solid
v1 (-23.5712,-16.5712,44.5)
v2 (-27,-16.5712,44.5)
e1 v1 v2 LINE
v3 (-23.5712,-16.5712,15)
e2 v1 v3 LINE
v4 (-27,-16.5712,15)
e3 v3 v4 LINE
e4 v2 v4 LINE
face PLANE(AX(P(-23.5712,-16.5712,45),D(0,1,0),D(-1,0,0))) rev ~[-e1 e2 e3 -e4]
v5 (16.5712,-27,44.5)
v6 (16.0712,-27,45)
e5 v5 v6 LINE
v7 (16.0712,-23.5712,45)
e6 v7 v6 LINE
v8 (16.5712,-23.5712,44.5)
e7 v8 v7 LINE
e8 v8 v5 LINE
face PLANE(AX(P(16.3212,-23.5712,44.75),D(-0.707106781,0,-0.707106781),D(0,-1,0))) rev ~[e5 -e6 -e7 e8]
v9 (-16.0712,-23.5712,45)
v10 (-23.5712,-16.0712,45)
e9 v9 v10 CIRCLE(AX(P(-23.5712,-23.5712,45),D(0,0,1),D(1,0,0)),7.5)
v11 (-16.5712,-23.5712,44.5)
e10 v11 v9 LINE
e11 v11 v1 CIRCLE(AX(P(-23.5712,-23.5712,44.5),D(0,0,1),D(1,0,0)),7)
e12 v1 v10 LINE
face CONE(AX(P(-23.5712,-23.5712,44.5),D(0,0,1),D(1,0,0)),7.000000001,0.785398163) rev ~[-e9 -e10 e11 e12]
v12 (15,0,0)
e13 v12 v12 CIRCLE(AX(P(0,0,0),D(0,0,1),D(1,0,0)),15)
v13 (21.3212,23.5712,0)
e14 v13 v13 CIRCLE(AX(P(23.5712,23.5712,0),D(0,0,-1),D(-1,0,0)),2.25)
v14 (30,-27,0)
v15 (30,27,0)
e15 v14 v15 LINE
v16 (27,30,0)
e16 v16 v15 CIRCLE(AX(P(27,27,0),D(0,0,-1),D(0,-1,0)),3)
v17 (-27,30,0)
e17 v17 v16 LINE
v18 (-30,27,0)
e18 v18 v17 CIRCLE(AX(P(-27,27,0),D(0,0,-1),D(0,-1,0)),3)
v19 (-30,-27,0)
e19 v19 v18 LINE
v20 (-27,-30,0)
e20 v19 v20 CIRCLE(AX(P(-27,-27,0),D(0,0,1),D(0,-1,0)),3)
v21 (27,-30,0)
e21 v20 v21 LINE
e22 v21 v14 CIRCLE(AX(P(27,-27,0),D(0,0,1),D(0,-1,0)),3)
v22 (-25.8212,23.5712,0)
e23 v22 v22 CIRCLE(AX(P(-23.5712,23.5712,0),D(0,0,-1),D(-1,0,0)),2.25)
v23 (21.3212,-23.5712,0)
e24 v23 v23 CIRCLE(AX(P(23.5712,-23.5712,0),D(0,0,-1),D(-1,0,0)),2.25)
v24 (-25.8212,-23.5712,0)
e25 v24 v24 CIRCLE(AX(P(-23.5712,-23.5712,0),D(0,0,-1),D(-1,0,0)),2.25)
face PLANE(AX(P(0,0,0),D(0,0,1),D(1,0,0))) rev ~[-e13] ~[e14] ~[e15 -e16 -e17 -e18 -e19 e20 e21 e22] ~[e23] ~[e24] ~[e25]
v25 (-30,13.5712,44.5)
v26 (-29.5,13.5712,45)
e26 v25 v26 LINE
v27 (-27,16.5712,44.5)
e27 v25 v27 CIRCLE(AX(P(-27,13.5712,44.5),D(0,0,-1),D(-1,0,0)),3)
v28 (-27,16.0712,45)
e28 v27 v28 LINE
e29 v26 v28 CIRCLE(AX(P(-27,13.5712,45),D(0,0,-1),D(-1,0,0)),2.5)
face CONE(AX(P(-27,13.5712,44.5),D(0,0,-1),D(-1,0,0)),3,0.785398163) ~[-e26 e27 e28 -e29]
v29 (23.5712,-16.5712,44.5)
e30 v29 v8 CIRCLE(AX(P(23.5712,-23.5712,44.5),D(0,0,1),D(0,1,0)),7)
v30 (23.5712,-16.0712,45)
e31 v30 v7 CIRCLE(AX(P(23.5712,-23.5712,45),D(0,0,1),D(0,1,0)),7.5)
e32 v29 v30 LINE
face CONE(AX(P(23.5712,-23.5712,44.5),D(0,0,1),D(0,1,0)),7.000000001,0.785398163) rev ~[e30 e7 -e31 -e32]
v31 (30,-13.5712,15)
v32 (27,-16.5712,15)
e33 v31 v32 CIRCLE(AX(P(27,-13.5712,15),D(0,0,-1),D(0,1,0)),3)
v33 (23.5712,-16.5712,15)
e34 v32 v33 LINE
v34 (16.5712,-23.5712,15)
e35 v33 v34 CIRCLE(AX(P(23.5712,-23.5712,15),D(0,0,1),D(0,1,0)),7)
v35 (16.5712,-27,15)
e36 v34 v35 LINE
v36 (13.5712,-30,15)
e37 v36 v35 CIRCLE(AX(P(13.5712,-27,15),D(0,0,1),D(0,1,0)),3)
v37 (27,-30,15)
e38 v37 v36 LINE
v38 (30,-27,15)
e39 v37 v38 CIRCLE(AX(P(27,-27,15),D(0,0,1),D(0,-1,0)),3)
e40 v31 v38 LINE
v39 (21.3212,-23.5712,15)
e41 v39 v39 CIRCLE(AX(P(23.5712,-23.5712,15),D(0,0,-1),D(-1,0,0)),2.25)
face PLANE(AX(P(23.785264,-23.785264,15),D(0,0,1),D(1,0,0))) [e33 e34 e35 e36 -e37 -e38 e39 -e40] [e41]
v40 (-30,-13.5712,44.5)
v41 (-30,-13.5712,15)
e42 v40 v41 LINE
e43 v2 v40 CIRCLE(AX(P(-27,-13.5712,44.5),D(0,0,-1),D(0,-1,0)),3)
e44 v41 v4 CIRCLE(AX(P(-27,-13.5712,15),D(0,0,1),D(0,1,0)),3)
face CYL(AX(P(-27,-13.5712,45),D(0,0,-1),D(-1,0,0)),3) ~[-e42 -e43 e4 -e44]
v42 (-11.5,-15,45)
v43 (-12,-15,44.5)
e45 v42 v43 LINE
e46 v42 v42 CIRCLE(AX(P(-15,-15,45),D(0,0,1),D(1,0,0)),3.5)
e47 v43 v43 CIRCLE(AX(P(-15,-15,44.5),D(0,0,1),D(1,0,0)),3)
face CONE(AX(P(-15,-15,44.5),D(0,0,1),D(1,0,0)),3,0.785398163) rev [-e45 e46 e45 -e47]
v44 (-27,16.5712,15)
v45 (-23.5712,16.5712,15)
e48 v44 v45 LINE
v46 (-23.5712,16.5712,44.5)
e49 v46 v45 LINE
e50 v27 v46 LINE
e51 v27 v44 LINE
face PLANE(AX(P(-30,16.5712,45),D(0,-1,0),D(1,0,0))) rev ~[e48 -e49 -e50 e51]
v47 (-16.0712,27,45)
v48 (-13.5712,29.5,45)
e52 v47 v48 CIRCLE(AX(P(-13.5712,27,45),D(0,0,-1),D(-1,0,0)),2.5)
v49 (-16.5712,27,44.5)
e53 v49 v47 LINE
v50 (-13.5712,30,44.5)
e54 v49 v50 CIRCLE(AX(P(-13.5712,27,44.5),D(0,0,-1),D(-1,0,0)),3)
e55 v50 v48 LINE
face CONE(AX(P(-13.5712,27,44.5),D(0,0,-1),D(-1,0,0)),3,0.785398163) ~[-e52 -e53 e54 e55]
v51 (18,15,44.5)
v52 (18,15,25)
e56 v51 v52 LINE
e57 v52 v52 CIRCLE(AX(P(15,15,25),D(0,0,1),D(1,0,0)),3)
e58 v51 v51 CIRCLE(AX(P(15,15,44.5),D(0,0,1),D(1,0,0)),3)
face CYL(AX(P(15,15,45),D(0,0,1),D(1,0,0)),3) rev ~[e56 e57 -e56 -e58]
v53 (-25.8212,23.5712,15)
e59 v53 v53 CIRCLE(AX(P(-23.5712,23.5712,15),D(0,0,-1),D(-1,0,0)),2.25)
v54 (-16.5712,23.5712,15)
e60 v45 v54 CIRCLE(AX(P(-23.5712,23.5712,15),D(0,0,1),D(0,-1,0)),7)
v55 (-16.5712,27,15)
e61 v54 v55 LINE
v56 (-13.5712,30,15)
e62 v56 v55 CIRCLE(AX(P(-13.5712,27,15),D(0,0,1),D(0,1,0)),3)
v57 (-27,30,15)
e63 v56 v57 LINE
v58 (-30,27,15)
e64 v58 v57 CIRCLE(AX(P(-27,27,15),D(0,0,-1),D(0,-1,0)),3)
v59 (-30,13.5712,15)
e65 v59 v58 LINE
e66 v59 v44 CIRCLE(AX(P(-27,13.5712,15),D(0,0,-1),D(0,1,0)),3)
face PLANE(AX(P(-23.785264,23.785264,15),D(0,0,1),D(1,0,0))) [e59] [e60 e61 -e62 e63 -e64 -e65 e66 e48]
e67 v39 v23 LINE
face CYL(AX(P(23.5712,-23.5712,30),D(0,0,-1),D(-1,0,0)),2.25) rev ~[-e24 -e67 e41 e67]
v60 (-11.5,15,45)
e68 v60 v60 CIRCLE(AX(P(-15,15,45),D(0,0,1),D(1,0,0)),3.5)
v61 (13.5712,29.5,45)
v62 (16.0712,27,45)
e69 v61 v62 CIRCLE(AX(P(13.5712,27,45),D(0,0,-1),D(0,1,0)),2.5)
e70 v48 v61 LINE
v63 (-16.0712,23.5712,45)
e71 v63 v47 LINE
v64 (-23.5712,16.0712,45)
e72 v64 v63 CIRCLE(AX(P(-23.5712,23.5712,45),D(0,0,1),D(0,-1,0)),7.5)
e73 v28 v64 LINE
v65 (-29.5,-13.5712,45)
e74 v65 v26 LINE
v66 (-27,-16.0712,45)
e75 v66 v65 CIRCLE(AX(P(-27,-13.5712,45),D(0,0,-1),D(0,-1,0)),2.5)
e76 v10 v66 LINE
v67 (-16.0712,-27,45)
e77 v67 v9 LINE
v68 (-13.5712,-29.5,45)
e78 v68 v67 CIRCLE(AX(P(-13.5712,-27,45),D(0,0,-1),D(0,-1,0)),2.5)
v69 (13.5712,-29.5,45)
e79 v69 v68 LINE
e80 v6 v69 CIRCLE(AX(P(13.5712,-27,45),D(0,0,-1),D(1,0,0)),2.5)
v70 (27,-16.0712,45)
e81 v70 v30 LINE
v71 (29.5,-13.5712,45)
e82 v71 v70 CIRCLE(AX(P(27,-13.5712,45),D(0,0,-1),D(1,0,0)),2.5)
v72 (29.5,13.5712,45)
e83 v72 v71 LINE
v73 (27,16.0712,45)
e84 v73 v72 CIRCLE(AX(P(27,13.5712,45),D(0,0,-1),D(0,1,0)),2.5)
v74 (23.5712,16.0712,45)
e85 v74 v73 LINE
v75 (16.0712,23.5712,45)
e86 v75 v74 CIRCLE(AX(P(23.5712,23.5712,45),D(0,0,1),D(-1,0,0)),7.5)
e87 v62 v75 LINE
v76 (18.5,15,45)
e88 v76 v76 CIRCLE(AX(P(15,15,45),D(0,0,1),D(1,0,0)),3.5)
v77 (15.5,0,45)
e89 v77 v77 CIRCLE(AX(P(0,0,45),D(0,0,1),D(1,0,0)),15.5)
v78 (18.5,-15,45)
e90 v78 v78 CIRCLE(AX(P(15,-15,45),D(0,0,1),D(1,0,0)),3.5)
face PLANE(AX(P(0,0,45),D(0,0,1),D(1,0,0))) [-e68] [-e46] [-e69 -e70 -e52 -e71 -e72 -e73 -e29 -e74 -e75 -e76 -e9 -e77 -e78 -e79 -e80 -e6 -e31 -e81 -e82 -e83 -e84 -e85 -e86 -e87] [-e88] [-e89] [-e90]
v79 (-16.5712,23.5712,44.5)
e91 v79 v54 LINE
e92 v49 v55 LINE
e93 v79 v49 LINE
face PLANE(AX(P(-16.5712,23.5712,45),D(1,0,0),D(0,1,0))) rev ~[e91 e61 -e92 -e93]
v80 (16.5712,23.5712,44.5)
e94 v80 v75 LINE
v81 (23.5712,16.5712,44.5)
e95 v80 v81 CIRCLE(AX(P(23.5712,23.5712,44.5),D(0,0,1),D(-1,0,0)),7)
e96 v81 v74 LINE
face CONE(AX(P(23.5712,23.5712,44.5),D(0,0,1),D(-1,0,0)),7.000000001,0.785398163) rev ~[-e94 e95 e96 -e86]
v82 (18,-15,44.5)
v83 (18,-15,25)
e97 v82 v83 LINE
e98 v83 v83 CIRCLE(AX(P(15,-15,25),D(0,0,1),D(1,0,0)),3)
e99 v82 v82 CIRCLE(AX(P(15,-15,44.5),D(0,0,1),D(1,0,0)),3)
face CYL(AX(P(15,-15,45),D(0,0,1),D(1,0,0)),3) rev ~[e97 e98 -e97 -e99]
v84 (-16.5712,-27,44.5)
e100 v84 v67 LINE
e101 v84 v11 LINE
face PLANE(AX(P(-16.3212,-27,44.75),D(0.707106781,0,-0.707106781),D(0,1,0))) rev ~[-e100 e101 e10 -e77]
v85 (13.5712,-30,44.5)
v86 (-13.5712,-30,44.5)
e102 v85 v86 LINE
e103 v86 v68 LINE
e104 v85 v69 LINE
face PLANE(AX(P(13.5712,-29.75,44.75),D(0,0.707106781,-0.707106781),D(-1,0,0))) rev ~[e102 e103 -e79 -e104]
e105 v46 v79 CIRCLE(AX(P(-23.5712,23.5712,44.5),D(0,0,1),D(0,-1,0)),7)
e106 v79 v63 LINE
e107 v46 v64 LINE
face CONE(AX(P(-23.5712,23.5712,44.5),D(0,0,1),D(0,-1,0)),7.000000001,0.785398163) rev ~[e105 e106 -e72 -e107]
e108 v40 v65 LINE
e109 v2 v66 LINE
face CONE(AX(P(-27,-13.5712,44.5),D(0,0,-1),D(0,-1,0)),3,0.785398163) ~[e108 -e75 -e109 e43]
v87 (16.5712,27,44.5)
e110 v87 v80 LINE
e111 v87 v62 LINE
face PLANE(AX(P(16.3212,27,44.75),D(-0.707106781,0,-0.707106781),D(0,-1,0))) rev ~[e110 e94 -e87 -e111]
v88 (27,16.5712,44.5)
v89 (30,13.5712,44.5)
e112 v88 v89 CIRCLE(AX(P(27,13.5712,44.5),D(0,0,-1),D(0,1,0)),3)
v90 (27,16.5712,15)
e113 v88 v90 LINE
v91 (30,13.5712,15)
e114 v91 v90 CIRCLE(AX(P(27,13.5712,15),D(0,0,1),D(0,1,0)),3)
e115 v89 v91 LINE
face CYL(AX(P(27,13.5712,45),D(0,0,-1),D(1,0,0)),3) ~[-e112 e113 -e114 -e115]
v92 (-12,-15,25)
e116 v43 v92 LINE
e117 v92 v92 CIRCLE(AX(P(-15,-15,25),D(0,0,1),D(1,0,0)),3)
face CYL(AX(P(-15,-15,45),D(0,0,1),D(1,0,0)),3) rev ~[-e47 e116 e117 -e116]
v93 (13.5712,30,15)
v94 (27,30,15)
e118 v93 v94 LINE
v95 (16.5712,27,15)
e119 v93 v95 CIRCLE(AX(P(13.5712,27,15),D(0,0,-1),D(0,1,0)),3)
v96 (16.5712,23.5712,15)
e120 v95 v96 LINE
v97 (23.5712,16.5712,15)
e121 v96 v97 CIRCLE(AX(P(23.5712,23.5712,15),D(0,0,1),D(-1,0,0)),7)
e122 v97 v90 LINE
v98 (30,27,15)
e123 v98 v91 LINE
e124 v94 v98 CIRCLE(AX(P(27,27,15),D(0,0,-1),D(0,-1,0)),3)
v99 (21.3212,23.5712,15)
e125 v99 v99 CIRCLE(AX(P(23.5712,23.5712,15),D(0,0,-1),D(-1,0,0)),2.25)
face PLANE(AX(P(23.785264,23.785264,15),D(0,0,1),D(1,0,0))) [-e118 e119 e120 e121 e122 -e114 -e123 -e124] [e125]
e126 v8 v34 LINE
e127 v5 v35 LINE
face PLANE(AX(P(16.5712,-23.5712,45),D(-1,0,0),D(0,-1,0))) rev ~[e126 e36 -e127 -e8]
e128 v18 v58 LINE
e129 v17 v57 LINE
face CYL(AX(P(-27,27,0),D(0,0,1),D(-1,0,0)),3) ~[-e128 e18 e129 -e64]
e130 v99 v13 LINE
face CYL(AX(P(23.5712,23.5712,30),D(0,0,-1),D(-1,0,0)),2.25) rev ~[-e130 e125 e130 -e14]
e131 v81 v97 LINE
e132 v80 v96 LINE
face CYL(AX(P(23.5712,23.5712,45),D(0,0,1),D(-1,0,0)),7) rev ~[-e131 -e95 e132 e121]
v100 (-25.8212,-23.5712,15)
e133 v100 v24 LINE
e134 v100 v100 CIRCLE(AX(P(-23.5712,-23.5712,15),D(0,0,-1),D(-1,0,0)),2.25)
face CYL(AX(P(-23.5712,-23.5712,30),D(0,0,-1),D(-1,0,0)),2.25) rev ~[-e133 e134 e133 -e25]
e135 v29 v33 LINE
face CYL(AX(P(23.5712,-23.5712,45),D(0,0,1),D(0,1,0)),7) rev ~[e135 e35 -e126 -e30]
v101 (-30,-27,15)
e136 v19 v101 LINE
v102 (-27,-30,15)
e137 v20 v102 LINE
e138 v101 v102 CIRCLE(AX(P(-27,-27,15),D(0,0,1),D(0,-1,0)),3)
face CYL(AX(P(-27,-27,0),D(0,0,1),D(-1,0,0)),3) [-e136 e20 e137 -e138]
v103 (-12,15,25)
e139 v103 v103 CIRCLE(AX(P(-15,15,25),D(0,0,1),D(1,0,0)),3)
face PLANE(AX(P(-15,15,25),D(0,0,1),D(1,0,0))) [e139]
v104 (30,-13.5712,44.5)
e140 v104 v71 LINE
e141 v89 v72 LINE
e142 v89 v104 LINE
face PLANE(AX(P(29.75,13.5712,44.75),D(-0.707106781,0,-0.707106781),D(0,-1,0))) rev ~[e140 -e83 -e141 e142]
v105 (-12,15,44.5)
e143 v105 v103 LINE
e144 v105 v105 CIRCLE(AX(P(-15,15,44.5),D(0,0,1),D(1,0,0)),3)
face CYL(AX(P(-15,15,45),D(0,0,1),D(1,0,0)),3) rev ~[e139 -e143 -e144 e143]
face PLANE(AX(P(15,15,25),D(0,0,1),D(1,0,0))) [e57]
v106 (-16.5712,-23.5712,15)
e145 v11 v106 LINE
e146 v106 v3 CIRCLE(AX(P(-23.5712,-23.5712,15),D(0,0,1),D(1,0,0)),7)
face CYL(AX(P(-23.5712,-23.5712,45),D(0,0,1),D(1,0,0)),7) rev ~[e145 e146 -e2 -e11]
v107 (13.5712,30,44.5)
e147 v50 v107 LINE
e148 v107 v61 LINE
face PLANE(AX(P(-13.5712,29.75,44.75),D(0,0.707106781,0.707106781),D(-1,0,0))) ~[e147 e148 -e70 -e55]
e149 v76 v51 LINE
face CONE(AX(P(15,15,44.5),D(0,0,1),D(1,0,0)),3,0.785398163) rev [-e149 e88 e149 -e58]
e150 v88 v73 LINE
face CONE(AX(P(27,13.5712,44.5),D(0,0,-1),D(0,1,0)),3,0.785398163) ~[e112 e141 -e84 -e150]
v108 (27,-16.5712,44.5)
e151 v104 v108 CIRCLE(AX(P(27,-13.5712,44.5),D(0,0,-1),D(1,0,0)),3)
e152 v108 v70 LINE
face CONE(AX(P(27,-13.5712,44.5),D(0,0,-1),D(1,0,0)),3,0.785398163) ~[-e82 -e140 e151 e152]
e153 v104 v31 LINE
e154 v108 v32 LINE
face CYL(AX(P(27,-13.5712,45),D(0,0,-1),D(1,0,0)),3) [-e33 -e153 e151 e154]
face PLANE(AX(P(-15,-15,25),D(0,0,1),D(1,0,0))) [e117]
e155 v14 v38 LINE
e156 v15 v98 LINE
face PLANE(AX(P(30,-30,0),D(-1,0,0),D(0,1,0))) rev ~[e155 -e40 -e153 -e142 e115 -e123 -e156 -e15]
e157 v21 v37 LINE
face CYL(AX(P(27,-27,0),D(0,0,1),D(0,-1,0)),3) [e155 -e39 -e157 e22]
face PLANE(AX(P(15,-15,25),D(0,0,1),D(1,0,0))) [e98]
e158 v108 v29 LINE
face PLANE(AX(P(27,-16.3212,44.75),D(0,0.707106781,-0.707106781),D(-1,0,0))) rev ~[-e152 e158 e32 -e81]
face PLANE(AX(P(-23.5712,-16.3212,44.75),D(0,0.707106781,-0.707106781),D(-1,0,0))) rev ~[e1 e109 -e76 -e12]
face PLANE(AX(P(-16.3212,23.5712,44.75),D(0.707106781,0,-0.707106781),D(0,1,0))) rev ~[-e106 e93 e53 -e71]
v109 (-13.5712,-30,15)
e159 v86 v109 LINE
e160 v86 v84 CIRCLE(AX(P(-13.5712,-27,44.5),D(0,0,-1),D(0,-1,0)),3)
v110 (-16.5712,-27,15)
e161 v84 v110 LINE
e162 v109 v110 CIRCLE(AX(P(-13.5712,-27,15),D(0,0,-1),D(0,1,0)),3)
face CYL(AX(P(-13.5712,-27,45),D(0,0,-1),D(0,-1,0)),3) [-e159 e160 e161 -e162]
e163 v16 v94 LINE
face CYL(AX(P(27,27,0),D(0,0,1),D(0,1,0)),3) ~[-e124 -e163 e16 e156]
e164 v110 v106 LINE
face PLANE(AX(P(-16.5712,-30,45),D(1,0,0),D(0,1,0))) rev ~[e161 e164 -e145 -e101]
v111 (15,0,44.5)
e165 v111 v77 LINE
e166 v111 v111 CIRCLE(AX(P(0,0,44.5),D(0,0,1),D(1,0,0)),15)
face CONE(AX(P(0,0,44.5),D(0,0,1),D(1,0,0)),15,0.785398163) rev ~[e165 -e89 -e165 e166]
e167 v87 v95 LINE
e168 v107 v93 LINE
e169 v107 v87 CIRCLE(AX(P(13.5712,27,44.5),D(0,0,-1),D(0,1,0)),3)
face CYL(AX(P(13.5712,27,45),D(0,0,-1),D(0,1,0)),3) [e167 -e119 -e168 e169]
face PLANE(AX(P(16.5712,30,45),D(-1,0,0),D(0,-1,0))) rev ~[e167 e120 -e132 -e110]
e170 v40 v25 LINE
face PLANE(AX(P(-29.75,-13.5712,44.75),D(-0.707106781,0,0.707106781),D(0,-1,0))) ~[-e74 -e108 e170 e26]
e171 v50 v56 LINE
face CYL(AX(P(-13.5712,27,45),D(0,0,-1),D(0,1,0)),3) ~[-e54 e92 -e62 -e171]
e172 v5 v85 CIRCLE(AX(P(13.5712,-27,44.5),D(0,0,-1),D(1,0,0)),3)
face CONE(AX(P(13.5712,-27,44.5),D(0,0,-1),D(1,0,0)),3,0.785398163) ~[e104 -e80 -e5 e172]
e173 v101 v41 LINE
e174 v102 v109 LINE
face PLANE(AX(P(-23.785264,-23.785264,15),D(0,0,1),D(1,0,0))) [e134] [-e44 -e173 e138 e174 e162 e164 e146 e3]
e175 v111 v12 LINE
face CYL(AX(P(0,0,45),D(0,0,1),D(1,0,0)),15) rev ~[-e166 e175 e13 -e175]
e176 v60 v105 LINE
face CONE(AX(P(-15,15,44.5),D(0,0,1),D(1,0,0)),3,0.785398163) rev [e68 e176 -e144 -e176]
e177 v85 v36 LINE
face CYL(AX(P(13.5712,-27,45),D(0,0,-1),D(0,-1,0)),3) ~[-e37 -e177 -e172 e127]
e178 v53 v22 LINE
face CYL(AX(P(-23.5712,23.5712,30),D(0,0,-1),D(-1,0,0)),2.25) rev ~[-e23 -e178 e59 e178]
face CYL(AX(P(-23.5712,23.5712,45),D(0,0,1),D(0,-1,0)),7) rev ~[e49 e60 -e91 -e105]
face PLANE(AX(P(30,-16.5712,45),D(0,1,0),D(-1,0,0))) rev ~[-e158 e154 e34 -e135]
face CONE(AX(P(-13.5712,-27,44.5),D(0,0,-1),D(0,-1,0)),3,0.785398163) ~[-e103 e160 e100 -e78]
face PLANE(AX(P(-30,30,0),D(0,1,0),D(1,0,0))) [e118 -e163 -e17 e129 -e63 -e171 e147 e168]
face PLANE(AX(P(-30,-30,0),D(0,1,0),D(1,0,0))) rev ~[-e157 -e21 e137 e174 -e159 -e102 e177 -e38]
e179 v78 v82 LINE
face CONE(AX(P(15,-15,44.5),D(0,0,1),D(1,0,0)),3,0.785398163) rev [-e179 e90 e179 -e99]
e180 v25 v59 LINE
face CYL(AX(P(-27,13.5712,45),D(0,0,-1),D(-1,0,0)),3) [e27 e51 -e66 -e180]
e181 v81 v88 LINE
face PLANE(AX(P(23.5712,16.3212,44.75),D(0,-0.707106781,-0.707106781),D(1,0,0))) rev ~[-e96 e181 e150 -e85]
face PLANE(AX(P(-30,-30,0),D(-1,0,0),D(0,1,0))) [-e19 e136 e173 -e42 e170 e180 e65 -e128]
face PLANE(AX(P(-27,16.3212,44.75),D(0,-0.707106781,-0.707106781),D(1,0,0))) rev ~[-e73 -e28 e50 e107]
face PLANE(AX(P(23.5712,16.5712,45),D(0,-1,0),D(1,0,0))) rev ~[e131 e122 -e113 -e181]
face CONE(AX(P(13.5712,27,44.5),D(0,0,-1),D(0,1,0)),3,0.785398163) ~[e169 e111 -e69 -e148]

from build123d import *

# Parameters (mm, degrees)
SKETCH1_W                = 60
SKETCH1_H                = 60
BOSS_EXTRUDE1_DEPTH      = 45
CUT_EXTRUDE1_DEPTH       = 30
FILLET1_R                = 3
SKETCH4_R                = 15
CUT_EXTRUDE2_DEPTH       = 46
M4_CLEARANCE_HOLE1_D     = 4.5
M4_CLEARANCE_HOLE1_DEPTH = 15
SKETCH6_R                = 3
CUT_EXTRUDE3_DEPTH       = 20
FILLET2_R                = 3
CHAMFER1_SIZE            = 0.5


with BuildPart() as part:
    # Sketch1 → Boss-Extrude1 (new body)
    with BuildSketch(Plane.XY):
        Rectangle(SKETCH1_W, SKETCH1_H)
    extrude(amount=BOSS_EXTRUDE1_DEPTH)

    # Sketch3 → Cut-Extrude1 (cut)
    with BuildSketch(Plane.XY.offset(45)):
        with BuildLine():
            ThreePointArc((-23.5712, 16.5712), (-18.621452532, 18.621452532), (-16.5712, 23.5712))
            Line((-16.5712, 23.5712), (-16.5712, 30))
            Line((-16.5712, 30), (-30, 30))
            Line((-30, 30), (-30, 16.5712))
            Line((-30, 16.5712), (-23.5712, 16.5712))
        make_face()
        with BuildLine():
            Line((30, 30), (16.5712, 30))
            Line((16.5712, 30), (16.5712, 23.5712))
            ThreePointArc((16.5712, 23.5712), (18.621452532, 18.621452532), (23.5712, 16.5712))
            Line((23.5712, 16.5712), (30, 16.5712))
            Line((30, 16.5712), (30, 30))
        make_face()
        with BuildLine():
            Line((30, -30), (30, -16.5712))
            Line((30, -16.5712), (23.5712, -16.5712))
            ThreePointArc((23.5712, -16.5712), (18.621452532, -18.621452532), (16.5712, -23.5712))
            Line((16.5712, -23.5712), (16.5712, -30))
            Line((16.5712, -30), (30, -30))
        make_face()
        with BuildLine():
            Line((-23.5712, -16.5712), (-30, -16.5712))
            Line((-30, -16.5712), (-30, -30))
            Line((-30, -30), (-16.5712, -30))
            Line((-16.5712, -30), (-16.5712, -23.5712))
            ThreePointArc((-16.5712, -23.5712), (-18.621452532, -18.621452532), (-23.5712, -16.5712))
        make_face()
    extrude(amount=-CUT_EXTRUDE1_DEPTH, mode=Mode.SUBTRACT)

    # Fillet1
    fillet1_edges = [part.edges().sort_by_distance(p)[0] for p in [
        (-30, 30, 7.5),
        (30, 30, 7.5),
        (30, -30, 7.5),
        (-30, -30, 7.5),
    ]]
    fillet(fillet1_edges, radius=FILLET1_R)

    # Sketch4 → Cut-Extrude2 (cut, through all)
    with BuildSketch(Plane.XY.offset(45)):
        Circle(SKETCH4_R)
    extrude(amount=-CUT_EXTRUDE2_DEPTH, mode=Mode.SUBTRACT)

    # M4 Clearance Hole1
    with Locations(Plane(origin=(-23.5712, 23.5712, 15), x_dir=(1, 0, 0), z_dir=(0, 0, 1))):
        with Locations((0, 0), (47.1424, 0), (47.1424, -47.1424), (0, -47.1424)):
            Hole(M4_CLEARANCE_HOLE1_D / 2, depth=M4_CLEARANCE_HOLE1_DEPTH)

    # Sketch6 → Cut-Extrude3 (cut)
    with BuildSketch(Plane.XY.offset(45)):
        with Locations((-15, 15)):
            Circle(SKETCH6_R)
        with Locations((-15, -15)):
            Circle(SKETCH6_R)
        with Locations((15, -15)):
            Circle(SKETCH6_R)
        with Locations((15, 15)):
            Circle(SKETCH6_R)
    extrude(amount=-CUT_EXTRUDE3_DEPTH, mode=Mode.SUBTRACT)

    # Fillet2
    fillet2_edges = [part.edges().sort_by_distance(p)[0] for p in [
        (-16.5712, 30, 30),
        (-30, 16.5712, 30),
        (30, 16.5712, 30),
        (16.5712, 30, 30),
        (16.5712, -30, 30),
        (30, -16.5712, 30),
        (-30, -16.5712, 30),
        (-16.5712, -30, 30),
    ]]
    fillet(fillet2_edges, radius=FILLET2_R)

    # Chamfer1
    chamfer1_edges = [part.edges().sort_by_distance(p)[0] for p in [
        (-15, 0, 45),
        (-18, 15, 45),
        (-18, -15, 45),
        (12, -15, 45),
        (12, 15, 45),
        (-30, 0, 45),
        (0, -30, 45),
        (30, 0, 45),
        (0, 30, 45),
        (-29.121320344, -15.692520344, 45),
        (-15.692520344, -29.121320344, 45),
        (15.692520344, -29.121320344, 45),
        (29.121320344, -15.692520344, 45),
        (29.121320344, 15.692520344, 45),
        (15.692520344, 29.121320344, 45),
        (-15.692520344, 29.121320344, 45),
        (-29.121320344, 15.692520344, 45),
        (-16.5712, 25.2856, 45),
        (-25.2856, 16.5712, 45),
        (-18.621452532, 18.621452532, 45),
        (18.621452532, 18.621452532, 45),
        (25.2856, 16.5712, 45),
        (16.5712, 25.2856, 45),
        (18.621452532, -18.621452532, 45),
        (16.5712, -25.2856, 45),
        (25.2856, -16.5712, 45),
        (-25.2856, -16.5712, 45),
        (-16.5712, -25.2856, 45),
        (-18.621452532, -18.621452532, 45),
    ]]
    chamfer(chamfer1_edges, length=CHAMFER1_SIZE)


solid = part.part
